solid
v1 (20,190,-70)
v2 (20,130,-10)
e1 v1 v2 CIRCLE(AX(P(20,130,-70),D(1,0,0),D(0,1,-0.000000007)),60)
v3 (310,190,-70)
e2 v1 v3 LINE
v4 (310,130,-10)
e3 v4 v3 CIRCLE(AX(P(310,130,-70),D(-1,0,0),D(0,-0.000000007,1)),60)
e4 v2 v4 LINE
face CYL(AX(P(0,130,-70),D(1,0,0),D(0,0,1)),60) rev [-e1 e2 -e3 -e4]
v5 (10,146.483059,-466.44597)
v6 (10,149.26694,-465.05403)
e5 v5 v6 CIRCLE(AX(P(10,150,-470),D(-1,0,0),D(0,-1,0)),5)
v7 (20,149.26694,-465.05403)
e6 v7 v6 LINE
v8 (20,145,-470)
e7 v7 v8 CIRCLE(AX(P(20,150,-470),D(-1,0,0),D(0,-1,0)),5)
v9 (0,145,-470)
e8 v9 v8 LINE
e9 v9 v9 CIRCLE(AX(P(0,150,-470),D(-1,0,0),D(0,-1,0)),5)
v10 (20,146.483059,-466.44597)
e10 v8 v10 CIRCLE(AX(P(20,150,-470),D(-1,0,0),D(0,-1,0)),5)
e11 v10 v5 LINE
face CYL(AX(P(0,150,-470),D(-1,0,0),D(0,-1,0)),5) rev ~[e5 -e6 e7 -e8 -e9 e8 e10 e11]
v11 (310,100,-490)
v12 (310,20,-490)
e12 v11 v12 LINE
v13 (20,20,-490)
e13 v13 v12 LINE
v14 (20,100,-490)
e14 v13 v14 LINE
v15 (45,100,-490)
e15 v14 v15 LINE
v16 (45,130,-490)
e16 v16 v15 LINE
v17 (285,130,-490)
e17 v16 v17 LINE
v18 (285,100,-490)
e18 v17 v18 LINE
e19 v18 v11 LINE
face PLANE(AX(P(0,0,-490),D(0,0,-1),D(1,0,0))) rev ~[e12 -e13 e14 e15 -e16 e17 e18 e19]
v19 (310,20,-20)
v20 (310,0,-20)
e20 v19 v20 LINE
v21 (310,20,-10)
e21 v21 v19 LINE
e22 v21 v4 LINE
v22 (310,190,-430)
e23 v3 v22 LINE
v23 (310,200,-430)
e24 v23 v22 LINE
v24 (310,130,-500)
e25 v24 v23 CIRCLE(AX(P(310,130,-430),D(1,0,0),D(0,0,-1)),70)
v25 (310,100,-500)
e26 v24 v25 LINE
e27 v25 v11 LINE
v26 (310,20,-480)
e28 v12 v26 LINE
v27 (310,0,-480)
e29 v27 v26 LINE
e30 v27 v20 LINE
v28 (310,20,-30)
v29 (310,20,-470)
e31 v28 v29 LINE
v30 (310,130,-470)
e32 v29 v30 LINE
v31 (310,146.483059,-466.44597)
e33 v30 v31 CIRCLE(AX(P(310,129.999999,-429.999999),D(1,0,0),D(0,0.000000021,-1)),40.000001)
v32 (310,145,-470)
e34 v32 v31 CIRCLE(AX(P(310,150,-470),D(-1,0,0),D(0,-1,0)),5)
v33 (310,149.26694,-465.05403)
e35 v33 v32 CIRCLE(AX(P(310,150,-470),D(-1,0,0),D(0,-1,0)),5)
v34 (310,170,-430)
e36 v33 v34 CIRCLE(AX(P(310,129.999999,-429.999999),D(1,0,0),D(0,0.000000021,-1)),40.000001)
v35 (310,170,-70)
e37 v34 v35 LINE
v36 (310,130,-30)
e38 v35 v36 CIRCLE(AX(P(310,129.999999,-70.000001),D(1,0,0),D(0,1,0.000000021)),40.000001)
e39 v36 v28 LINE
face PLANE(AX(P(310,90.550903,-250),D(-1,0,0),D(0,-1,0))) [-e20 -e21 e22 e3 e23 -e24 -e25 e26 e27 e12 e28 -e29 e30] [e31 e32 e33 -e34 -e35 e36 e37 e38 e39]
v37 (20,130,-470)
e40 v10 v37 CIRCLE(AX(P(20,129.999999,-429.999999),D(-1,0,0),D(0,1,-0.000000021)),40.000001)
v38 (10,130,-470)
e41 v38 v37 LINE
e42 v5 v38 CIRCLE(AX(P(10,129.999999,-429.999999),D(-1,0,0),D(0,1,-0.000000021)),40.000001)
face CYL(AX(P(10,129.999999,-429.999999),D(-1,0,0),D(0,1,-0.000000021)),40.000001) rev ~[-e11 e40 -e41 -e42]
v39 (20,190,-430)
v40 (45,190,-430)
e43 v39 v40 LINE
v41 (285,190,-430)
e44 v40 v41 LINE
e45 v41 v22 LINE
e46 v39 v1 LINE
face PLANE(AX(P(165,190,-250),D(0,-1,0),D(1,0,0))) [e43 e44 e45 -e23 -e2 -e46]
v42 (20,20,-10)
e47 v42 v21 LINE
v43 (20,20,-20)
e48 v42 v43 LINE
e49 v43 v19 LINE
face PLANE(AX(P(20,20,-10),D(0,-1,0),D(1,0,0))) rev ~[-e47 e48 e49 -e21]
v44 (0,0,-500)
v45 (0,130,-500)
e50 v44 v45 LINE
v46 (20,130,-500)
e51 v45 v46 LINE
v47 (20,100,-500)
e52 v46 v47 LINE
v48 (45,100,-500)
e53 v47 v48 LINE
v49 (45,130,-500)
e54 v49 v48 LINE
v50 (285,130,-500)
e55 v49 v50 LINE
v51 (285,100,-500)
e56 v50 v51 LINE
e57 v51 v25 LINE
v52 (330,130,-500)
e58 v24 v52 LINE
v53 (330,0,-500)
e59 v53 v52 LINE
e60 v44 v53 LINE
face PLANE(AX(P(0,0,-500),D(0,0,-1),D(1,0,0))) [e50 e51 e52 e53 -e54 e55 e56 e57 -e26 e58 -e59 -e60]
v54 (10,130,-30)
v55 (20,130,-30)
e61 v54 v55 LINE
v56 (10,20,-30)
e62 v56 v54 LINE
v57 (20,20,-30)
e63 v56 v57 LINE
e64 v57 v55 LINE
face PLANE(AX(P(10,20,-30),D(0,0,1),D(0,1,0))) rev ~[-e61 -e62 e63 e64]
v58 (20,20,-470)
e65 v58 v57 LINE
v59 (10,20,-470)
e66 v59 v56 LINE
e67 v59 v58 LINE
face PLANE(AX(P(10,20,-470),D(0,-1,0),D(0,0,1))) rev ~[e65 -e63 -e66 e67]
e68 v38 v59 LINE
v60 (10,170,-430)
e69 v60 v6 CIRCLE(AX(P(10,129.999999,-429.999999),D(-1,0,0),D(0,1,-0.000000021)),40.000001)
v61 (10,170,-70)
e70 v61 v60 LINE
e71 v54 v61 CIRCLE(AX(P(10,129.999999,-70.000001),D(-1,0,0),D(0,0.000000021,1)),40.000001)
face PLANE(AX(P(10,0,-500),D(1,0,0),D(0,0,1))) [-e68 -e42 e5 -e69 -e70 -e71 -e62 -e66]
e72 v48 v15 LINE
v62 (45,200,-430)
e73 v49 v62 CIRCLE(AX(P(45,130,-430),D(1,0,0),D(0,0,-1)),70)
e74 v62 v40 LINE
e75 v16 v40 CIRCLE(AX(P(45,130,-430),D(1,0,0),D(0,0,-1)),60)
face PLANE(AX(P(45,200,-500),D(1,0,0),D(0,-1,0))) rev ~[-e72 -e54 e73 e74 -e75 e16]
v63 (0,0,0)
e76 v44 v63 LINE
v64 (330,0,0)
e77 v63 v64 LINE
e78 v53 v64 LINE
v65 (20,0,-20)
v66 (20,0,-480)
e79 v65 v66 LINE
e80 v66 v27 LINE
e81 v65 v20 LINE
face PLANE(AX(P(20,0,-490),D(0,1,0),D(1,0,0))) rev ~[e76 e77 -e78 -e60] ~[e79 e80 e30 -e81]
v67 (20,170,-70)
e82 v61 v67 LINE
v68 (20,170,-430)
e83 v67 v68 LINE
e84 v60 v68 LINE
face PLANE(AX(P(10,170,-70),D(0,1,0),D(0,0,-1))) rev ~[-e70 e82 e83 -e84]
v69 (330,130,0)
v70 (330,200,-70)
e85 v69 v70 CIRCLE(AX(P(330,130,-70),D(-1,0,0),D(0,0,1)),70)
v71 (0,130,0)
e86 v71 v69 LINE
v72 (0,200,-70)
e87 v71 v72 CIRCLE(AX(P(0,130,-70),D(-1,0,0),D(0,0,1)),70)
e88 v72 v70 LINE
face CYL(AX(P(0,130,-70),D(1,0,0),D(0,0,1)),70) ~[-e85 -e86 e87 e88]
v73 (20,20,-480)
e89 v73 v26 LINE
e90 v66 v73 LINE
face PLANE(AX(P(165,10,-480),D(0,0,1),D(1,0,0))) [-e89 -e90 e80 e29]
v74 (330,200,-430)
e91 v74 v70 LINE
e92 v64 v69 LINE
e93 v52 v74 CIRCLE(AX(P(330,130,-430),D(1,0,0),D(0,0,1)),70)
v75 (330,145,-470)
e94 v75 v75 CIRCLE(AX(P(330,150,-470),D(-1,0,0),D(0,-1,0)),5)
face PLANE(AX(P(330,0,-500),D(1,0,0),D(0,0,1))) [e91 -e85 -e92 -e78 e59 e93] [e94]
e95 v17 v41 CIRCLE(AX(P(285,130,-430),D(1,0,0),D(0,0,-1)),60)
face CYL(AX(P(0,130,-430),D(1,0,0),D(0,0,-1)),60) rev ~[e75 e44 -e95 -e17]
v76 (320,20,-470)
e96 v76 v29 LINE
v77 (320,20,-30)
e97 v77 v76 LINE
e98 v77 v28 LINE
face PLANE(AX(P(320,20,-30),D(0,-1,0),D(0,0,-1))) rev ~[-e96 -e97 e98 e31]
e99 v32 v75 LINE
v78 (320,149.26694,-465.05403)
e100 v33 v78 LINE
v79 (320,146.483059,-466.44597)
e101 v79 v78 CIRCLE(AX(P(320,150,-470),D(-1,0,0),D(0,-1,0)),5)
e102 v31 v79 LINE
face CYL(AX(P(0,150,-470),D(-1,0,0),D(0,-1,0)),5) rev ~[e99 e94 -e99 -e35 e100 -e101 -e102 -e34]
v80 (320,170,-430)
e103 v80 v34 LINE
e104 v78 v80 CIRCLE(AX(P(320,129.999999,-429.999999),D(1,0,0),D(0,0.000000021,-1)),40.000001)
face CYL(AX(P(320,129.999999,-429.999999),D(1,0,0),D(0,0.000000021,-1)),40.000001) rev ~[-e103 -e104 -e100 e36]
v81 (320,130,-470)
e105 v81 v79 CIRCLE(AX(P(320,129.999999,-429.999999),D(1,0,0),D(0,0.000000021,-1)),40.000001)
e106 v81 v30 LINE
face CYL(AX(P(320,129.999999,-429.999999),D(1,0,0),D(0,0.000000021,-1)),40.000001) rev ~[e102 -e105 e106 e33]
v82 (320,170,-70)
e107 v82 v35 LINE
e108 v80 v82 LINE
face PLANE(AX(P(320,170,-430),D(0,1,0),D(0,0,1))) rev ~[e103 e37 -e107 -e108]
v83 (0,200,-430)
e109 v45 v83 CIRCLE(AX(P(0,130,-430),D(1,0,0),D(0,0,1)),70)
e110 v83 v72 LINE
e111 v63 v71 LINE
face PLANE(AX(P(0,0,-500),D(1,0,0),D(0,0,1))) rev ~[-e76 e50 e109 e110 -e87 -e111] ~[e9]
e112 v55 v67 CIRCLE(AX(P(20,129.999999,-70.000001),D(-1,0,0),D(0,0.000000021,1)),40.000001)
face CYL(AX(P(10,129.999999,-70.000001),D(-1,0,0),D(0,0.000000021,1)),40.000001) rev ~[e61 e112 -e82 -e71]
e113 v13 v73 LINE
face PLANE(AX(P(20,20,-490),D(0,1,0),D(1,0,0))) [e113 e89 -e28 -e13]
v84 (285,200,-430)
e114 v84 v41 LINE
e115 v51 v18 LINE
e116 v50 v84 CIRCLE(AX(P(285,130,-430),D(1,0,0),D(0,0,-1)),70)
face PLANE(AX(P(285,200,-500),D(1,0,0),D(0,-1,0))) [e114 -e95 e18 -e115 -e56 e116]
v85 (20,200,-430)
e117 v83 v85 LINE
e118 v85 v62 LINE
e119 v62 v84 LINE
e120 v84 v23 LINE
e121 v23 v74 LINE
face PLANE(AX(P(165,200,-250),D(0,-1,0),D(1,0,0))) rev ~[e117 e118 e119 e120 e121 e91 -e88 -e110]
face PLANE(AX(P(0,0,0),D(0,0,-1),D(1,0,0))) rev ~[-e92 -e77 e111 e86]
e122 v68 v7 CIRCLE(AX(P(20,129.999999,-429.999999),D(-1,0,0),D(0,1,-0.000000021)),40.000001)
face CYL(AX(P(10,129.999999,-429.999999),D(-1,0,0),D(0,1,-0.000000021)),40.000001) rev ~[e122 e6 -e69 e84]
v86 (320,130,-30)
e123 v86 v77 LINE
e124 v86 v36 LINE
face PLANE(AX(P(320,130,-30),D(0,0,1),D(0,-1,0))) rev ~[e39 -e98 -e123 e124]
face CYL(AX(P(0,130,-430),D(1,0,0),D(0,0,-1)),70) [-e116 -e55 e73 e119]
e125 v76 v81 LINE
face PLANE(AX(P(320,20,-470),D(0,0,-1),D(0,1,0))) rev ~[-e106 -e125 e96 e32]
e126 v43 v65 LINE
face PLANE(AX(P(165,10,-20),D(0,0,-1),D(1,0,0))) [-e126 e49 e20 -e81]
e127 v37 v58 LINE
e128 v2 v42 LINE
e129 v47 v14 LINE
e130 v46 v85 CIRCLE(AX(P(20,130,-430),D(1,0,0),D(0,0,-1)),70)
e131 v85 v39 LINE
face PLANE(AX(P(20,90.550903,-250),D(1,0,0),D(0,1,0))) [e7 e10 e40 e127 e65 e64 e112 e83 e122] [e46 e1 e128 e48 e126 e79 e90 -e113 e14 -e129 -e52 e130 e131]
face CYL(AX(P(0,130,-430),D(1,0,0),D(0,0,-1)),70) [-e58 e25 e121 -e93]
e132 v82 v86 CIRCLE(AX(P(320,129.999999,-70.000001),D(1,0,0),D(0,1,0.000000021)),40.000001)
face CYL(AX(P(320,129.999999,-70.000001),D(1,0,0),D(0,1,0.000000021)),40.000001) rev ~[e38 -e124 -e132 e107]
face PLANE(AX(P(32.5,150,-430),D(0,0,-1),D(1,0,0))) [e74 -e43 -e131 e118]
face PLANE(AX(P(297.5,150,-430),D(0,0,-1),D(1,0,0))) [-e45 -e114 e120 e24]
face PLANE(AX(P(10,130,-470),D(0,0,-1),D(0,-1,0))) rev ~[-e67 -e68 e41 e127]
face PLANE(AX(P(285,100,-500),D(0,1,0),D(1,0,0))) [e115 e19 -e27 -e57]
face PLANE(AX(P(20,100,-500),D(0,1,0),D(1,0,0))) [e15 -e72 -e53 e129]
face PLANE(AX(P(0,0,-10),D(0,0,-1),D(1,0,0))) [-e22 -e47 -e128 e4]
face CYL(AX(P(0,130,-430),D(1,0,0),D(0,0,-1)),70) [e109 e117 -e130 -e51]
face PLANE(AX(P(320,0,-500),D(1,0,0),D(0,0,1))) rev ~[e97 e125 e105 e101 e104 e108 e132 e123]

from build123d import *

# Parameters (mm, degrees)
F0_W      = 330
F0_H      = 500
F1_DEPTH  = 200
F2_R      = 70
F3_T      = -10
F5_DEPTH  = 10
F7_DEPTH  = 10
F8_W      = 290
F8_H      = 20
F9_DEPTH  = 10
F10_W     = 290
F10_H     = 20
F11_DEPTH = 10
F13_W     = 25
F13_H     = 100
F14_DEPTH = 70
F15_R     = 5
F16_DEPTH = 330.001


with BuildPart() as f1:
    # F0 (on Front) → F1 (new body)
    with BuildSketch(Plane.XZ):
        with Locations((165, -250)):
            Rectangle(F0_W, F0_H)
    extrude(amount=-F1_DEPTH)

    # F2
    f2_edges = [f1.edges().sort_by_distance(p)[0] for p in [
        (165, 200, 0),
        (165, 200, -500),
    ]]
    fillet(f2_edges, radius=F2_R)

    # F3
    f3_openings = [f1.faces().sort_by_distance(p)[0] for p in [
        (165, 0, -250),
    ]]
    offset(amount=F3_T, openings=f3_openings)

    # F4 (on face) → F5 (join)
    with BuildSketch(Plane.YZ.offset(10)):
        with BuildLine():
            ThreePointArc((190, -70), (172.426407, -27.573593), (130, -10))
            Line((130, -10), (0, -10))
            Line((0, -10), (0, -490))
            Line((0, -490), (130, -490))
            ThreePointArc((130, -490), (172.426407, -472.426407), (190, -430))
            Line((190, -430), (190, -70))
        make_face()
        with BuildLine():
            ThreePointArc((170, -430), (158.284271, -458.284271), (130, -470))
            Line((130, -470), (20, -470))
            Line((20, -470), (20, -30))
            Line((20, -30), (130, -30))
            ThreePointArc((130, -30), (158.284271, -41.715729), (170, -70))
            Line((170, -70), (170, -430))
        make_face(mode=Mode.SUBTRACT)
    extrude(amount=F5_DEPTH)

    # F6 (on face) → F7 (join)
    with BuildSketch(Plane(origin=(320, 0, 0), x_dir=(0, -1, 0), z_dir=(-1, 0, 0))):
        with BuildLine():
            ThreePointArc((-190, -430), (-172.426407, -472.426407), (-130, -490))
            Line((-130, -490), (0, -490))
            Line((0, -490), (0, -10))
            Line((0, -10), (-130, -10))
            ThreePointArc((-130, -10), (-172.426407, -27.573593), (-190, -70))
            Line((-190, -70), (-190, -430))
        make_face()
        with BuildLine():
            Line((-20, -470), (-130, -470))
            ThreePointArc((-130, -470), (-158.284271, -458.284271), (-170, -430))
            Line((-170, -430), (-170, -70))
            ThreePointArc((-170, -70), (-158.284271, -41.715729), (-130, -30))
            Line((-130, -30), (-20, -30))
            Line((-20, -30), (-20, -470))
        make_face(mode=Mode.SUBTRACT)
    extrude(amount=F7_DEPTH)

    # F8 (on face) → F9 (join)
    with BuildSketch(Plane.XY.offset(-490)):
        with Locations((165, 10)):
            Rectangle(F8_W, F8_H)
    extrude(amount=F9_DEPTH)

    # F10 (on face) → F11 (join)
    with BuildSketch(Plane(origin=(0, 0, -10), x_dir=(1, 0, 0), z_dir=(0, 0, -1))):
        with Locations((165, -10)):
            Rectangle(F10_W, F10_H)
    extrude(amount=F11_DEPTH)

    # F13 (on face) → F14 (cut)
    with BuildSketch(Plane(origin=(0, 0, -500), x_dir=(1, 0, 0), z_dir=(0, 0, -1))):
        with Locations((32.5, -150)):
            Rectangle(F13_W, F13_H)
        with Locations((297.5, -150)):
            Rectangle(F13_W, F13_H)
    extrude(amount=-F14_DEPTH, mode=Mode.SUBTRACT)

    # F15 (on face) → F16 (cut, through all)
    with BuildSketch(Plane(origin=(0, 0, 0), x_dir=(0, -1, 0), z_dir=(-1, 0, 0))):
        with Locations((-150, -470)):
            Circle(F15_R)
    extrude(amount=-F16_DEPTH, mode=Mode.SUBTRACT)


solid = f1.part
